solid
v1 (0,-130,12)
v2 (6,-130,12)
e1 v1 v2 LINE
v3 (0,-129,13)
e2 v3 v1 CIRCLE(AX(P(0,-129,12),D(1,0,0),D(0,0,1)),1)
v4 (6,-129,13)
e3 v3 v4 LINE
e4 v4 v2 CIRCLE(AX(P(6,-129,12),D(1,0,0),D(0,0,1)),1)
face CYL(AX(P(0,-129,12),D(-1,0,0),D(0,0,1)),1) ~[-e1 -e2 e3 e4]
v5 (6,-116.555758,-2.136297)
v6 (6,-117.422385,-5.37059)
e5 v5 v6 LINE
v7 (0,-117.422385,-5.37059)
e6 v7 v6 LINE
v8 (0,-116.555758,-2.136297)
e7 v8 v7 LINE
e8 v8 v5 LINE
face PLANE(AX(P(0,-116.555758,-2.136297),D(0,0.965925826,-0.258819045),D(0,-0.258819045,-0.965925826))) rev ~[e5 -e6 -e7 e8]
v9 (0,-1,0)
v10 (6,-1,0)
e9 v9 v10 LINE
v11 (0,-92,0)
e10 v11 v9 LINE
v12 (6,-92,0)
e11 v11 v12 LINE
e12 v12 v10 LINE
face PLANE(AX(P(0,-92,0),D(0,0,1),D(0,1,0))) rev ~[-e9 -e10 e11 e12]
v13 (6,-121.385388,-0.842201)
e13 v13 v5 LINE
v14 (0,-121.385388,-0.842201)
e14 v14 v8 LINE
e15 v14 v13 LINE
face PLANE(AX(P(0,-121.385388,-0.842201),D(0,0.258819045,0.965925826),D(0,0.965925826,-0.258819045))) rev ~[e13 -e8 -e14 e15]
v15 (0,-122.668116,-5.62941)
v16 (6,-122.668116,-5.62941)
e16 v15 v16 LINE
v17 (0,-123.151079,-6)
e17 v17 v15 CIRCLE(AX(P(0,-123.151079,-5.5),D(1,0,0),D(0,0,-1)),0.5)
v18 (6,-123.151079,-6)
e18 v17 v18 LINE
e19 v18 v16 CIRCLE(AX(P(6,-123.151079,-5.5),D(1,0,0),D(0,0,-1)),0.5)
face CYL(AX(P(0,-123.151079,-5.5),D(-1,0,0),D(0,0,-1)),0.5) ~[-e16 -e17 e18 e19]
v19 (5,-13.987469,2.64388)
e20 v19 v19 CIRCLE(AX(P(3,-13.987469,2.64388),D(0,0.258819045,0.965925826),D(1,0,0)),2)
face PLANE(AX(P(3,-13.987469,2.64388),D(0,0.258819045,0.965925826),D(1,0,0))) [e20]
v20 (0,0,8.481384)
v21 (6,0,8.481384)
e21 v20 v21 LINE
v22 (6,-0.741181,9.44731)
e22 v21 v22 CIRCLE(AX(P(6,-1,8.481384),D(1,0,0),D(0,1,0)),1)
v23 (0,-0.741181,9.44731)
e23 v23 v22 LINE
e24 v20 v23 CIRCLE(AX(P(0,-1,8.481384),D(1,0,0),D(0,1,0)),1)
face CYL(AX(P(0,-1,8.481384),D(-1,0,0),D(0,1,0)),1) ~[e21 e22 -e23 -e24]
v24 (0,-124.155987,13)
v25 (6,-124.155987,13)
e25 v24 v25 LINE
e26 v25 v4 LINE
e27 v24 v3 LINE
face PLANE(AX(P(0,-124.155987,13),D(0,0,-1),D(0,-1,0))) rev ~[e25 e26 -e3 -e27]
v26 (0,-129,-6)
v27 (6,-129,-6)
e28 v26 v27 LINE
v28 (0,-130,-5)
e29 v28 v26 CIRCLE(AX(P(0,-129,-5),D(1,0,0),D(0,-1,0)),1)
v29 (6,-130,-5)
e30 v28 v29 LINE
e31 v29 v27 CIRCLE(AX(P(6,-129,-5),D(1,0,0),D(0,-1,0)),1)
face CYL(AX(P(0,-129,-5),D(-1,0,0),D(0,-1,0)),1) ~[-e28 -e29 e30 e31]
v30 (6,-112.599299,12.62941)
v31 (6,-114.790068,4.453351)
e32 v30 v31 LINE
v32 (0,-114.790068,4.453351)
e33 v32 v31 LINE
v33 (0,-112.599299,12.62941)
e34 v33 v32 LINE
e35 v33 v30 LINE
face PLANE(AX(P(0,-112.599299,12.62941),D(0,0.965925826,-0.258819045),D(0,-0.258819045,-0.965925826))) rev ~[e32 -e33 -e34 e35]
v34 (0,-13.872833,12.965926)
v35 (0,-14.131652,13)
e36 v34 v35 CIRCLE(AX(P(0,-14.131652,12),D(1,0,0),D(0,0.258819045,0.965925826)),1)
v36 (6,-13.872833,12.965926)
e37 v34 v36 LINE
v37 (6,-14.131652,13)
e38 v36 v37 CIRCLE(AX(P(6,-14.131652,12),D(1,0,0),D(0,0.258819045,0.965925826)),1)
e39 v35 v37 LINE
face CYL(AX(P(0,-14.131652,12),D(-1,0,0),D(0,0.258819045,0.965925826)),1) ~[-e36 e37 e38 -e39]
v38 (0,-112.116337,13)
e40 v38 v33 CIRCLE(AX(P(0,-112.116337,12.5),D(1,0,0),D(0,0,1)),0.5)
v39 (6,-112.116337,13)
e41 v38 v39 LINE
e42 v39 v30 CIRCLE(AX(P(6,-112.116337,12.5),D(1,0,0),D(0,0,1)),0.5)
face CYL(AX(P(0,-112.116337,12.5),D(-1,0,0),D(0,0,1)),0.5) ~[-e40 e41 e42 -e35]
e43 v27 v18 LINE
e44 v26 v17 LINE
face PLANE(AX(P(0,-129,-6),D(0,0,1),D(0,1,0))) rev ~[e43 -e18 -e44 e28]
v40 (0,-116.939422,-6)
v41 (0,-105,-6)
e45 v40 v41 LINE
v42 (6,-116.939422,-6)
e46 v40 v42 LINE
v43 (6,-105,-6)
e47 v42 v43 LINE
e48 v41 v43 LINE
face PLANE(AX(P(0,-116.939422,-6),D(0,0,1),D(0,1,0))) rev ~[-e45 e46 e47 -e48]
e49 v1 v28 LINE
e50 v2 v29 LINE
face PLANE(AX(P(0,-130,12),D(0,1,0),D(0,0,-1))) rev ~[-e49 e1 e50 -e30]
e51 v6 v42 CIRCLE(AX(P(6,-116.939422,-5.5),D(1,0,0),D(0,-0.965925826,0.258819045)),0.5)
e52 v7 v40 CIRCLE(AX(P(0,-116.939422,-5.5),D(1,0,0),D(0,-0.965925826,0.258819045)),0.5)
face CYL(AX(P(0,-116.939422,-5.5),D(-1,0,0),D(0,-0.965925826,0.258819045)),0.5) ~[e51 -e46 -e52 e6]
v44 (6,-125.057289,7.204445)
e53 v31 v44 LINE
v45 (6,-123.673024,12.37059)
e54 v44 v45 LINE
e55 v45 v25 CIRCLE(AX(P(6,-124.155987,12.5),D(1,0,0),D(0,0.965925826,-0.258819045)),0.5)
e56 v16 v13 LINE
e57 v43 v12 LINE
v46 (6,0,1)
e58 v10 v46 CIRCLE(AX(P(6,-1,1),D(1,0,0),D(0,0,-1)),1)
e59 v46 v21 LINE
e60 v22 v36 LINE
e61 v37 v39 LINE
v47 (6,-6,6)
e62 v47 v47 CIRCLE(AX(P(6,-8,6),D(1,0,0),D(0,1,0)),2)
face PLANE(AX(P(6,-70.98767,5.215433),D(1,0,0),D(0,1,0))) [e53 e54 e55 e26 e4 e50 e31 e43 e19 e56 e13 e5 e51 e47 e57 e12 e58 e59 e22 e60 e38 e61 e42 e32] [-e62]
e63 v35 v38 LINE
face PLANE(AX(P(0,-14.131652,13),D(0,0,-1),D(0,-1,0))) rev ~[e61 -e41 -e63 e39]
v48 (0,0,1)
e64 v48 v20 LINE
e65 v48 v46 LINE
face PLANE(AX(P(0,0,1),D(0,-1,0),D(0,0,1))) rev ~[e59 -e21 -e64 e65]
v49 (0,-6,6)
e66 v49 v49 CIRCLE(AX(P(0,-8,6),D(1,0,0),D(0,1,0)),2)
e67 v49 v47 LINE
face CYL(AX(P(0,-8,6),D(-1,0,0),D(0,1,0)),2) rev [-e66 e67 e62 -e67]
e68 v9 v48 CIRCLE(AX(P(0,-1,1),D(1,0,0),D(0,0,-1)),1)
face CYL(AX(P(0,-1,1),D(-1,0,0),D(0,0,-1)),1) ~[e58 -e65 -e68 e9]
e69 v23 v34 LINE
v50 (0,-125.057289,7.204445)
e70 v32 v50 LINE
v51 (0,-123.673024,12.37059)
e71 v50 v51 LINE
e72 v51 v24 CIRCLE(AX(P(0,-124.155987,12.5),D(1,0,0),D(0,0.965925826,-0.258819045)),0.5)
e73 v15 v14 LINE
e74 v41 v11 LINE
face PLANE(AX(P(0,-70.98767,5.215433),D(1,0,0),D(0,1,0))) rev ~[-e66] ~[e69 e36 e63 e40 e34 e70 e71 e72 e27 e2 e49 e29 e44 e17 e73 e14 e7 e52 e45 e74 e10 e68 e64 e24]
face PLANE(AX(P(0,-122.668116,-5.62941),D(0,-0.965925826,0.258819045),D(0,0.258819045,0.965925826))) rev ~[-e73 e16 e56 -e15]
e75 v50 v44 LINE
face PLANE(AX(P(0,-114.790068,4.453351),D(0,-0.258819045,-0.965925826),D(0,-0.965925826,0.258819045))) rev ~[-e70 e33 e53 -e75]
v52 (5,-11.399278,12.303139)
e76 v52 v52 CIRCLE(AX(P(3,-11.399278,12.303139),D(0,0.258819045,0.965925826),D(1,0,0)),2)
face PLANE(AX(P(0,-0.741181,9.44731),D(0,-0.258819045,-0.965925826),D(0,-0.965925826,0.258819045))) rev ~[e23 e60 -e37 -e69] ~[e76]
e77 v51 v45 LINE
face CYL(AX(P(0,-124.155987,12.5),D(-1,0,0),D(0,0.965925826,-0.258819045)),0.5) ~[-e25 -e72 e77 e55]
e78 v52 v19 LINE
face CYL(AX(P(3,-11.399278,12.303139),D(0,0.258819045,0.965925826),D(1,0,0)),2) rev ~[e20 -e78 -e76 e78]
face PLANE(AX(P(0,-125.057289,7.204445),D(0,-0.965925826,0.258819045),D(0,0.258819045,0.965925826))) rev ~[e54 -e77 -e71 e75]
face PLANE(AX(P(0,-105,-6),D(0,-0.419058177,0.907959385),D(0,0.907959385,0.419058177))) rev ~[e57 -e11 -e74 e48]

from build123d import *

# Parameters (mm, degrees)
F0_R     = 2
F1_DEPTH = 6
F2_R     = 2
F3_DEPTH = 10


with BuildPart() as f1:
    # F0 (on Right) → F1 (new body)
    with BuildSketch(Plane.YZ):
        with BuildLine():
            Line((-92, 0), (-1, 0))
            ThreePointArc((-1, 0), (-0.2928932188, 0.2928932188), (0, 1))
            Line((0, 1), (0, 8.481384318))
            ThreePointArc((0, 8.481384318), (-0.2066466597, 9.090145747), (-0.7411809549, 9.4473101443))
            Line((-0.7411809549, 9.4473101443), (-13.8728334525, 12.9659258263))
            ThreePointArc((-13.8728334525, 12.9659258263), (-14.0011263054, 12.9914448614), (-14.1316524976, 13))
            Line((-14.1316524976, 13), (-92, 13))
            Line((-92, 13), (-105, 13))
            Line((-105, 13), (-112.116336506, 13))
            ThreePointArc((-112.116336506, 13), (-112.4207172205, 12.8966766701), (-112.5992994192, 12.6294095226))
            Line((-112.5992994192, 12.6294095226), (-114.7900675851, 4.4533514196))
            Line((-114.7900675851, 4.4533514196), (-125.0572887611, 7.2044450423))
            Line((-125.0572887611, 7.2044450423), (-123.6730242638, 12.3705904774))
            ThreePointArc((-123.6730242638, 12.3705904774), (-123.7593105068, 12.8043807145), (-124.1559871769, 13))
            Line((-124.1559871769, 13), (-129, 13))
            ThreePointArc((-129, 13), (-129.7071067812, 12.7071067812), (-130, 12))
            Line((-130, 12), (-130, -5))
            ThreePointArc((-130, -5), (-129.7071067812, -5.7071067812), (-129, -6))
            Line((-129, -6), (-123.1510790522, -6))
            ThreePointArc((-123.1510790522, -6), (-122.8466983377, -5.8966766701), (-122.6681161391, -5.6294095226))
            Line((-122.6681161391, -5.6294095226), (-121.3853876072, -0.8422014693))
            Line((-121.3853876072, -0.8422014693), (-116.5557584758, -2.1362966948))
            Line((-116.5557584758, -2.1362966948), (-117.4223848829, -5.3705904774))
            ThreePointArc((-117.4223848829, -5.3705904774), (-117.3360986399, -5.8043807145), (-116.9394219698, -6))
            Line((-116.9394219698, -6), (-105, -6))
            Line((-105, -6), (-92, 0))
        make_face()
        with Locations((-8, 6)):
            Circle(F0_R, mode=Mode.SUBTRACT)
    extrude(amount=F1_DEPTH)

    # F2 (on face) → F3 (cut)
    with BuildSketch(Plane(origin=(0, 2.3121778265, 8.6291651246), x_dir=(1, 0, 0), z_dir=(0, 0.2588190451, 0.9659258263))):
        with Locations((3, -14.1951437903)):
            Circle(F2_R)
    extrude(amount=-F3_DEPTH, mode=Mode.SUBTRACT)


solid = f1.part
